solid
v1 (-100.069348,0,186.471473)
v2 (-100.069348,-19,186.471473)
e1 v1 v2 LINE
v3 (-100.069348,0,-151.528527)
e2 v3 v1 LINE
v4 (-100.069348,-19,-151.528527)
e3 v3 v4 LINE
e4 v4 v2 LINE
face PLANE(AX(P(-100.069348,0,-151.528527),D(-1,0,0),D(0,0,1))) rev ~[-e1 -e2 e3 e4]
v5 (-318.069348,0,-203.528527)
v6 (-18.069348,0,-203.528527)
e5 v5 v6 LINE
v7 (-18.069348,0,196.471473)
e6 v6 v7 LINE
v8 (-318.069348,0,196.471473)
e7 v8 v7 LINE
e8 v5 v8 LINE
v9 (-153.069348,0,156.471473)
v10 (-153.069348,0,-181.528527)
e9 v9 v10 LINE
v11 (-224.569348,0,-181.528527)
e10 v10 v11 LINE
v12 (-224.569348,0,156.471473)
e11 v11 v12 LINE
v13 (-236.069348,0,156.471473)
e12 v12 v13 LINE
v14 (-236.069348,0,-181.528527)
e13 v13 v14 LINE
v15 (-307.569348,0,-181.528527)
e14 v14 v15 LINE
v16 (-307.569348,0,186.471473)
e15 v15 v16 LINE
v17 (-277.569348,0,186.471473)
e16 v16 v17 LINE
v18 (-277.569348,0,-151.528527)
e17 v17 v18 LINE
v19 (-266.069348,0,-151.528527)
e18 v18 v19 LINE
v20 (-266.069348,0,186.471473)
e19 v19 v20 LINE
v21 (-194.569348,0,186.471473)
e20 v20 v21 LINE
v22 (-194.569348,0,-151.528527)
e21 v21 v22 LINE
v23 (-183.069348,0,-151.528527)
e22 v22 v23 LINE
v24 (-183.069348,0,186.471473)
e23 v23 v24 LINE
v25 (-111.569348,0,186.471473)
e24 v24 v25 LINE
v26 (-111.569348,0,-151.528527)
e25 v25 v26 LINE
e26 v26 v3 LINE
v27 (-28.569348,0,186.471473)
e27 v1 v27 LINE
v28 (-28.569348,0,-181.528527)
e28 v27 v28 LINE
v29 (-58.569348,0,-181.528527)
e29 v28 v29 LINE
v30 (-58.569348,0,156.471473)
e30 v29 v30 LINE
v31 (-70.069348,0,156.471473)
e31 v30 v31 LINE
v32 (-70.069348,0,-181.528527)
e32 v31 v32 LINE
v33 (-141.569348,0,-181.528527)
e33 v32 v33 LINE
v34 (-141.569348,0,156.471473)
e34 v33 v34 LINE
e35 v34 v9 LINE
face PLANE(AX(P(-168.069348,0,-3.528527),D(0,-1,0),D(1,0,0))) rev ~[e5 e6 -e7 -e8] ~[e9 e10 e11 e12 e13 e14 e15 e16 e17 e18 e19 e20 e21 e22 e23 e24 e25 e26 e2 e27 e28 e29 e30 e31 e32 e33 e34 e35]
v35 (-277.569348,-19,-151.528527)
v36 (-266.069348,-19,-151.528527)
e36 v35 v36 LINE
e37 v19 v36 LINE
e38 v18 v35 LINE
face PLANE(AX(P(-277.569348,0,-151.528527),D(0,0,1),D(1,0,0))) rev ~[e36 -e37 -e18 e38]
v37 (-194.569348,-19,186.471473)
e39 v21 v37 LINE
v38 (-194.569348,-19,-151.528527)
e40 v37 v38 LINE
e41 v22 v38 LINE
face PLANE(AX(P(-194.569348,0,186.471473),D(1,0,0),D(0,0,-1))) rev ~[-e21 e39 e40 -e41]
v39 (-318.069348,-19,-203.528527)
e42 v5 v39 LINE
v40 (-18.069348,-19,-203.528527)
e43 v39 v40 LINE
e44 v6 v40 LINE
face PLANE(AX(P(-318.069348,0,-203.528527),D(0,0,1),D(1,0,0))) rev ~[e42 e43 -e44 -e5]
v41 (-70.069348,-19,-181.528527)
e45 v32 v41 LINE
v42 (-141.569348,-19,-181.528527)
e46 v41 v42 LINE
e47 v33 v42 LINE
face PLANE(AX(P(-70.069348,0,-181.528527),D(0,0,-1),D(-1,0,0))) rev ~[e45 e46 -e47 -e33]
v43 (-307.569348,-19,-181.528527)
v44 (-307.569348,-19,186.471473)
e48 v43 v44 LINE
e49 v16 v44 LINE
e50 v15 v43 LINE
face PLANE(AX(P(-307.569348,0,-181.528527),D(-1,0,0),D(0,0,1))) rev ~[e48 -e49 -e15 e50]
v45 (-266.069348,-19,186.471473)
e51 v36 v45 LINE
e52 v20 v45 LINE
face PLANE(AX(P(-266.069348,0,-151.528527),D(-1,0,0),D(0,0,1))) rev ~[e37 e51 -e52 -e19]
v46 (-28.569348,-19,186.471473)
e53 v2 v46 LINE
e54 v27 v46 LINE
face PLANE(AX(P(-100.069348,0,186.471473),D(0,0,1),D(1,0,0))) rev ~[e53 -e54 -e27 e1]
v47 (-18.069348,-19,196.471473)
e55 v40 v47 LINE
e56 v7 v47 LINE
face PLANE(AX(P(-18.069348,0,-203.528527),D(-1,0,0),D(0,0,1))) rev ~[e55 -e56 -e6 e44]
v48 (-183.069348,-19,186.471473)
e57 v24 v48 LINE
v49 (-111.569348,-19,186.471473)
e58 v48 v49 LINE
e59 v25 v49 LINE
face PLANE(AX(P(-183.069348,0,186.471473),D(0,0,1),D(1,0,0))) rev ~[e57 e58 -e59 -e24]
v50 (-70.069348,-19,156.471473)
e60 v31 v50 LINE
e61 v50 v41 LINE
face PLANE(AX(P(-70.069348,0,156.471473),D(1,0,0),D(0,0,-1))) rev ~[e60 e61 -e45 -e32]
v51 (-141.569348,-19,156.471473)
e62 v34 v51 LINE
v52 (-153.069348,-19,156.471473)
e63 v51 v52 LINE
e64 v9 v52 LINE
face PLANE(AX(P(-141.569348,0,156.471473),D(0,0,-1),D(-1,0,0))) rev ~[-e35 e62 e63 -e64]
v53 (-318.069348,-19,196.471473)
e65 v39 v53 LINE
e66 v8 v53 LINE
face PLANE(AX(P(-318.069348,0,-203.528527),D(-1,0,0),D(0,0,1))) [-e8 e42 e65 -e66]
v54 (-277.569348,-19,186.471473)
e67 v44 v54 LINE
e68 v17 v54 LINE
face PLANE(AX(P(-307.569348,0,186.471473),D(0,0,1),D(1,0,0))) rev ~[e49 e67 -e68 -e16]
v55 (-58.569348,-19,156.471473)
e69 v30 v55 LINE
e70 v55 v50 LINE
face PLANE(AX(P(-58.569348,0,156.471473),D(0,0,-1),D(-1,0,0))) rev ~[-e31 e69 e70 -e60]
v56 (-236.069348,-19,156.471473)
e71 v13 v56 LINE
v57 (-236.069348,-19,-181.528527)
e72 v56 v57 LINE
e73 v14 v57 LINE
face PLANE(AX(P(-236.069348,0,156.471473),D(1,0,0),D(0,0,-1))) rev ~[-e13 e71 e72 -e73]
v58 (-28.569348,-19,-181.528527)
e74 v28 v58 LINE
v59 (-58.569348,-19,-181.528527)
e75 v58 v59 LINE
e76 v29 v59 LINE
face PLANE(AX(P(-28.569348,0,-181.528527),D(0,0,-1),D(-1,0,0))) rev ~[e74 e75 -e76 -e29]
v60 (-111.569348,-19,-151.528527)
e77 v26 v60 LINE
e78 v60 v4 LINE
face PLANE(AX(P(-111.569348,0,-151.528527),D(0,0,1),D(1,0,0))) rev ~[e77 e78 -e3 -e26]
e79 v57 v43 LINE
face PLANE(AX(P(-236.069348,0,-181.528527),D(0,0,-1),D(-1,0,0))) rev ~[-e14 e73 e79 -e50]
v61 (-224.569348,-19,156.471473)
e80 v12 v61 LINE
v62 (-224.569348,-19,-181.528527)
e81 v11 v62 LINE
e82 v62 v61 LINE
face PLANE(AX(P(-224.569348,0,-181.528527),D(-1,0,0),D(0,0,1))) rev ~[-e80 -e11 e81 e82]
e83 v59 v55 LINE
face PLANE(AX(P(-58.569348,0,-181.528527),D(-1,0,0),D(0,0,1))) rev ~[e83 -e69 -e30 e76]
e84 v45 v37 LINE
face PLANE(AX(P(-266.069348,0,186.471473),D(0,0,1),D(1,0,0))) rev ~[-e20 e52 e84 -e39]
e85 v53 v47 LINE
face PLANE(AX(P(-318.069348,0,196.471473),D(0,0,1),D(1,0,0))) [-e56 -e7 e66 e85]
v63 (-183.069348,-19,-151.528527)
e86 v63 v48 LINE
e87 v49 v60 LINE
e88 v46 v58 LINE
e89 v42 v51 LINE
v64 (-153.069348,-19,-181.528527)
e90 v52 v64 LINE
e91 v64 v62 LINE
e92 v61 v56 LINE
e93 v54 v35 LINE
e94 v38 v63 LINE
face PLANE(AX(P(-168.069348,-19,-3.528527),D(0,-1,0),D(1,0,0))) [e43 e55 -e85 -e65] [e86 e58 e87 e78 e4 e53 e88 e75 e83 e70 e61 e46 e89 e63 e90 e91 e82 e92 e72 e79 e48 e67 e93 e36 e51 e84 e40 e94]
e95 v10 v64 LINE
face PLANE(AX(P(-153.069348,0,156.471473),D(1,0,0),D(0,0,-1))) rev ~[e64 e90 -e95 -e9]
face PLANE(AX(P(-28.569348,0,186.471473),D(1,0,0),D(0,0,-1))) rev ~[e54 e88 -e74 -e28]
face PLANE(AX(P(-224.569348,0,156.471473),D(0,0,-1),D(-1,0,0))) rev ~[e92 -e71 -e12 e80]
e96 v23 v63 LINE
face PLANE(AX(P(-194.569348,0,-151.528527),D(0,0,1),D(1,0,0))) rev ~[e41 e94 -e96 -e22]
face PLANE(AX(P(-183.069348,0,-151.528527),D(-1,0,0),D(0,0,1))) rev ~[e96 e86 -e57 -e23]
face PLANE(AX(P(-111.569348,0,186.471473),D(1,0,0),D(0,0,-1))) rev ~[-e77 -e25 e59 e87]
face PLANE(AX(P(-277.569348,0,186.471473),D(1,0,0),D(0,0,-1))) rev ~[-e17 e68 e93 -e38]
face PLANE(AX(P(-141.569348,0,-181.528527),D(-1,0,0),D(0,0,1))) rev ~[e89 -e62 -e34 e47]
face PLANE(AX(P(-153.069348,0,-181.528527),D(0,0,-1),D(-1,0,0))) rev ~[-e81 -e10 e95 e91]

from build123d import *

# Parameters (mm, degrees)
F0_W     = 300
F0_H     = 400
F1_DEPTH = 19
F3_DEPTH = 19


with BuildPart() as f1:
    # F0 (on Front) → F1 (new body)
    with BuildSketch(Plane.XZ):
        with Locations((-168.069348, -3.528527)):
            Rectangle(F0_W, F0_H)
    extrude(amount=F1_DEPTH)

    # F2 (on face) → F3 (cut)
    with BuildSketch(Plane(origin=(0, 0, 0), x_dir=(-1, 0, 0), z_dir=(0, 1, 0))):
        Polygon((28.569348, 186.471473), (28.569348, -181.528527), (58.569348, -181.528527), (58.569348, 156.471473), (70.069348, 156.471473), (70.069348, -181.528527), (141.569348, -181.528527), (141.569348, 156.471473), (153.069348, 156.471473), (153.069348, -181.528527), (224.569348, -181.528527), (224.569348, 156.471473), (236.069348, 156.471473), (236.069348, -181.528527), (307.569348, -181.528527), (307.569348, 186.471473), (277.569348, 186.471473), (277.569348, -151.528527), (266.069348, -151.528527), (266.069348, 186.471473), (194.569348, 186.471473), (194.569348, -151.528527), (183.069348, -151.528527), (183.069348, 186.471473), (111.569348, 186.471473), (111.569348, -151.528527), (100.069348, -151.528527), (100.069348, 186.471473), align=None)
    extrude(amount=-F3_DEPTH, mode=Mode.SUBTRACT)


solid = f1.part
